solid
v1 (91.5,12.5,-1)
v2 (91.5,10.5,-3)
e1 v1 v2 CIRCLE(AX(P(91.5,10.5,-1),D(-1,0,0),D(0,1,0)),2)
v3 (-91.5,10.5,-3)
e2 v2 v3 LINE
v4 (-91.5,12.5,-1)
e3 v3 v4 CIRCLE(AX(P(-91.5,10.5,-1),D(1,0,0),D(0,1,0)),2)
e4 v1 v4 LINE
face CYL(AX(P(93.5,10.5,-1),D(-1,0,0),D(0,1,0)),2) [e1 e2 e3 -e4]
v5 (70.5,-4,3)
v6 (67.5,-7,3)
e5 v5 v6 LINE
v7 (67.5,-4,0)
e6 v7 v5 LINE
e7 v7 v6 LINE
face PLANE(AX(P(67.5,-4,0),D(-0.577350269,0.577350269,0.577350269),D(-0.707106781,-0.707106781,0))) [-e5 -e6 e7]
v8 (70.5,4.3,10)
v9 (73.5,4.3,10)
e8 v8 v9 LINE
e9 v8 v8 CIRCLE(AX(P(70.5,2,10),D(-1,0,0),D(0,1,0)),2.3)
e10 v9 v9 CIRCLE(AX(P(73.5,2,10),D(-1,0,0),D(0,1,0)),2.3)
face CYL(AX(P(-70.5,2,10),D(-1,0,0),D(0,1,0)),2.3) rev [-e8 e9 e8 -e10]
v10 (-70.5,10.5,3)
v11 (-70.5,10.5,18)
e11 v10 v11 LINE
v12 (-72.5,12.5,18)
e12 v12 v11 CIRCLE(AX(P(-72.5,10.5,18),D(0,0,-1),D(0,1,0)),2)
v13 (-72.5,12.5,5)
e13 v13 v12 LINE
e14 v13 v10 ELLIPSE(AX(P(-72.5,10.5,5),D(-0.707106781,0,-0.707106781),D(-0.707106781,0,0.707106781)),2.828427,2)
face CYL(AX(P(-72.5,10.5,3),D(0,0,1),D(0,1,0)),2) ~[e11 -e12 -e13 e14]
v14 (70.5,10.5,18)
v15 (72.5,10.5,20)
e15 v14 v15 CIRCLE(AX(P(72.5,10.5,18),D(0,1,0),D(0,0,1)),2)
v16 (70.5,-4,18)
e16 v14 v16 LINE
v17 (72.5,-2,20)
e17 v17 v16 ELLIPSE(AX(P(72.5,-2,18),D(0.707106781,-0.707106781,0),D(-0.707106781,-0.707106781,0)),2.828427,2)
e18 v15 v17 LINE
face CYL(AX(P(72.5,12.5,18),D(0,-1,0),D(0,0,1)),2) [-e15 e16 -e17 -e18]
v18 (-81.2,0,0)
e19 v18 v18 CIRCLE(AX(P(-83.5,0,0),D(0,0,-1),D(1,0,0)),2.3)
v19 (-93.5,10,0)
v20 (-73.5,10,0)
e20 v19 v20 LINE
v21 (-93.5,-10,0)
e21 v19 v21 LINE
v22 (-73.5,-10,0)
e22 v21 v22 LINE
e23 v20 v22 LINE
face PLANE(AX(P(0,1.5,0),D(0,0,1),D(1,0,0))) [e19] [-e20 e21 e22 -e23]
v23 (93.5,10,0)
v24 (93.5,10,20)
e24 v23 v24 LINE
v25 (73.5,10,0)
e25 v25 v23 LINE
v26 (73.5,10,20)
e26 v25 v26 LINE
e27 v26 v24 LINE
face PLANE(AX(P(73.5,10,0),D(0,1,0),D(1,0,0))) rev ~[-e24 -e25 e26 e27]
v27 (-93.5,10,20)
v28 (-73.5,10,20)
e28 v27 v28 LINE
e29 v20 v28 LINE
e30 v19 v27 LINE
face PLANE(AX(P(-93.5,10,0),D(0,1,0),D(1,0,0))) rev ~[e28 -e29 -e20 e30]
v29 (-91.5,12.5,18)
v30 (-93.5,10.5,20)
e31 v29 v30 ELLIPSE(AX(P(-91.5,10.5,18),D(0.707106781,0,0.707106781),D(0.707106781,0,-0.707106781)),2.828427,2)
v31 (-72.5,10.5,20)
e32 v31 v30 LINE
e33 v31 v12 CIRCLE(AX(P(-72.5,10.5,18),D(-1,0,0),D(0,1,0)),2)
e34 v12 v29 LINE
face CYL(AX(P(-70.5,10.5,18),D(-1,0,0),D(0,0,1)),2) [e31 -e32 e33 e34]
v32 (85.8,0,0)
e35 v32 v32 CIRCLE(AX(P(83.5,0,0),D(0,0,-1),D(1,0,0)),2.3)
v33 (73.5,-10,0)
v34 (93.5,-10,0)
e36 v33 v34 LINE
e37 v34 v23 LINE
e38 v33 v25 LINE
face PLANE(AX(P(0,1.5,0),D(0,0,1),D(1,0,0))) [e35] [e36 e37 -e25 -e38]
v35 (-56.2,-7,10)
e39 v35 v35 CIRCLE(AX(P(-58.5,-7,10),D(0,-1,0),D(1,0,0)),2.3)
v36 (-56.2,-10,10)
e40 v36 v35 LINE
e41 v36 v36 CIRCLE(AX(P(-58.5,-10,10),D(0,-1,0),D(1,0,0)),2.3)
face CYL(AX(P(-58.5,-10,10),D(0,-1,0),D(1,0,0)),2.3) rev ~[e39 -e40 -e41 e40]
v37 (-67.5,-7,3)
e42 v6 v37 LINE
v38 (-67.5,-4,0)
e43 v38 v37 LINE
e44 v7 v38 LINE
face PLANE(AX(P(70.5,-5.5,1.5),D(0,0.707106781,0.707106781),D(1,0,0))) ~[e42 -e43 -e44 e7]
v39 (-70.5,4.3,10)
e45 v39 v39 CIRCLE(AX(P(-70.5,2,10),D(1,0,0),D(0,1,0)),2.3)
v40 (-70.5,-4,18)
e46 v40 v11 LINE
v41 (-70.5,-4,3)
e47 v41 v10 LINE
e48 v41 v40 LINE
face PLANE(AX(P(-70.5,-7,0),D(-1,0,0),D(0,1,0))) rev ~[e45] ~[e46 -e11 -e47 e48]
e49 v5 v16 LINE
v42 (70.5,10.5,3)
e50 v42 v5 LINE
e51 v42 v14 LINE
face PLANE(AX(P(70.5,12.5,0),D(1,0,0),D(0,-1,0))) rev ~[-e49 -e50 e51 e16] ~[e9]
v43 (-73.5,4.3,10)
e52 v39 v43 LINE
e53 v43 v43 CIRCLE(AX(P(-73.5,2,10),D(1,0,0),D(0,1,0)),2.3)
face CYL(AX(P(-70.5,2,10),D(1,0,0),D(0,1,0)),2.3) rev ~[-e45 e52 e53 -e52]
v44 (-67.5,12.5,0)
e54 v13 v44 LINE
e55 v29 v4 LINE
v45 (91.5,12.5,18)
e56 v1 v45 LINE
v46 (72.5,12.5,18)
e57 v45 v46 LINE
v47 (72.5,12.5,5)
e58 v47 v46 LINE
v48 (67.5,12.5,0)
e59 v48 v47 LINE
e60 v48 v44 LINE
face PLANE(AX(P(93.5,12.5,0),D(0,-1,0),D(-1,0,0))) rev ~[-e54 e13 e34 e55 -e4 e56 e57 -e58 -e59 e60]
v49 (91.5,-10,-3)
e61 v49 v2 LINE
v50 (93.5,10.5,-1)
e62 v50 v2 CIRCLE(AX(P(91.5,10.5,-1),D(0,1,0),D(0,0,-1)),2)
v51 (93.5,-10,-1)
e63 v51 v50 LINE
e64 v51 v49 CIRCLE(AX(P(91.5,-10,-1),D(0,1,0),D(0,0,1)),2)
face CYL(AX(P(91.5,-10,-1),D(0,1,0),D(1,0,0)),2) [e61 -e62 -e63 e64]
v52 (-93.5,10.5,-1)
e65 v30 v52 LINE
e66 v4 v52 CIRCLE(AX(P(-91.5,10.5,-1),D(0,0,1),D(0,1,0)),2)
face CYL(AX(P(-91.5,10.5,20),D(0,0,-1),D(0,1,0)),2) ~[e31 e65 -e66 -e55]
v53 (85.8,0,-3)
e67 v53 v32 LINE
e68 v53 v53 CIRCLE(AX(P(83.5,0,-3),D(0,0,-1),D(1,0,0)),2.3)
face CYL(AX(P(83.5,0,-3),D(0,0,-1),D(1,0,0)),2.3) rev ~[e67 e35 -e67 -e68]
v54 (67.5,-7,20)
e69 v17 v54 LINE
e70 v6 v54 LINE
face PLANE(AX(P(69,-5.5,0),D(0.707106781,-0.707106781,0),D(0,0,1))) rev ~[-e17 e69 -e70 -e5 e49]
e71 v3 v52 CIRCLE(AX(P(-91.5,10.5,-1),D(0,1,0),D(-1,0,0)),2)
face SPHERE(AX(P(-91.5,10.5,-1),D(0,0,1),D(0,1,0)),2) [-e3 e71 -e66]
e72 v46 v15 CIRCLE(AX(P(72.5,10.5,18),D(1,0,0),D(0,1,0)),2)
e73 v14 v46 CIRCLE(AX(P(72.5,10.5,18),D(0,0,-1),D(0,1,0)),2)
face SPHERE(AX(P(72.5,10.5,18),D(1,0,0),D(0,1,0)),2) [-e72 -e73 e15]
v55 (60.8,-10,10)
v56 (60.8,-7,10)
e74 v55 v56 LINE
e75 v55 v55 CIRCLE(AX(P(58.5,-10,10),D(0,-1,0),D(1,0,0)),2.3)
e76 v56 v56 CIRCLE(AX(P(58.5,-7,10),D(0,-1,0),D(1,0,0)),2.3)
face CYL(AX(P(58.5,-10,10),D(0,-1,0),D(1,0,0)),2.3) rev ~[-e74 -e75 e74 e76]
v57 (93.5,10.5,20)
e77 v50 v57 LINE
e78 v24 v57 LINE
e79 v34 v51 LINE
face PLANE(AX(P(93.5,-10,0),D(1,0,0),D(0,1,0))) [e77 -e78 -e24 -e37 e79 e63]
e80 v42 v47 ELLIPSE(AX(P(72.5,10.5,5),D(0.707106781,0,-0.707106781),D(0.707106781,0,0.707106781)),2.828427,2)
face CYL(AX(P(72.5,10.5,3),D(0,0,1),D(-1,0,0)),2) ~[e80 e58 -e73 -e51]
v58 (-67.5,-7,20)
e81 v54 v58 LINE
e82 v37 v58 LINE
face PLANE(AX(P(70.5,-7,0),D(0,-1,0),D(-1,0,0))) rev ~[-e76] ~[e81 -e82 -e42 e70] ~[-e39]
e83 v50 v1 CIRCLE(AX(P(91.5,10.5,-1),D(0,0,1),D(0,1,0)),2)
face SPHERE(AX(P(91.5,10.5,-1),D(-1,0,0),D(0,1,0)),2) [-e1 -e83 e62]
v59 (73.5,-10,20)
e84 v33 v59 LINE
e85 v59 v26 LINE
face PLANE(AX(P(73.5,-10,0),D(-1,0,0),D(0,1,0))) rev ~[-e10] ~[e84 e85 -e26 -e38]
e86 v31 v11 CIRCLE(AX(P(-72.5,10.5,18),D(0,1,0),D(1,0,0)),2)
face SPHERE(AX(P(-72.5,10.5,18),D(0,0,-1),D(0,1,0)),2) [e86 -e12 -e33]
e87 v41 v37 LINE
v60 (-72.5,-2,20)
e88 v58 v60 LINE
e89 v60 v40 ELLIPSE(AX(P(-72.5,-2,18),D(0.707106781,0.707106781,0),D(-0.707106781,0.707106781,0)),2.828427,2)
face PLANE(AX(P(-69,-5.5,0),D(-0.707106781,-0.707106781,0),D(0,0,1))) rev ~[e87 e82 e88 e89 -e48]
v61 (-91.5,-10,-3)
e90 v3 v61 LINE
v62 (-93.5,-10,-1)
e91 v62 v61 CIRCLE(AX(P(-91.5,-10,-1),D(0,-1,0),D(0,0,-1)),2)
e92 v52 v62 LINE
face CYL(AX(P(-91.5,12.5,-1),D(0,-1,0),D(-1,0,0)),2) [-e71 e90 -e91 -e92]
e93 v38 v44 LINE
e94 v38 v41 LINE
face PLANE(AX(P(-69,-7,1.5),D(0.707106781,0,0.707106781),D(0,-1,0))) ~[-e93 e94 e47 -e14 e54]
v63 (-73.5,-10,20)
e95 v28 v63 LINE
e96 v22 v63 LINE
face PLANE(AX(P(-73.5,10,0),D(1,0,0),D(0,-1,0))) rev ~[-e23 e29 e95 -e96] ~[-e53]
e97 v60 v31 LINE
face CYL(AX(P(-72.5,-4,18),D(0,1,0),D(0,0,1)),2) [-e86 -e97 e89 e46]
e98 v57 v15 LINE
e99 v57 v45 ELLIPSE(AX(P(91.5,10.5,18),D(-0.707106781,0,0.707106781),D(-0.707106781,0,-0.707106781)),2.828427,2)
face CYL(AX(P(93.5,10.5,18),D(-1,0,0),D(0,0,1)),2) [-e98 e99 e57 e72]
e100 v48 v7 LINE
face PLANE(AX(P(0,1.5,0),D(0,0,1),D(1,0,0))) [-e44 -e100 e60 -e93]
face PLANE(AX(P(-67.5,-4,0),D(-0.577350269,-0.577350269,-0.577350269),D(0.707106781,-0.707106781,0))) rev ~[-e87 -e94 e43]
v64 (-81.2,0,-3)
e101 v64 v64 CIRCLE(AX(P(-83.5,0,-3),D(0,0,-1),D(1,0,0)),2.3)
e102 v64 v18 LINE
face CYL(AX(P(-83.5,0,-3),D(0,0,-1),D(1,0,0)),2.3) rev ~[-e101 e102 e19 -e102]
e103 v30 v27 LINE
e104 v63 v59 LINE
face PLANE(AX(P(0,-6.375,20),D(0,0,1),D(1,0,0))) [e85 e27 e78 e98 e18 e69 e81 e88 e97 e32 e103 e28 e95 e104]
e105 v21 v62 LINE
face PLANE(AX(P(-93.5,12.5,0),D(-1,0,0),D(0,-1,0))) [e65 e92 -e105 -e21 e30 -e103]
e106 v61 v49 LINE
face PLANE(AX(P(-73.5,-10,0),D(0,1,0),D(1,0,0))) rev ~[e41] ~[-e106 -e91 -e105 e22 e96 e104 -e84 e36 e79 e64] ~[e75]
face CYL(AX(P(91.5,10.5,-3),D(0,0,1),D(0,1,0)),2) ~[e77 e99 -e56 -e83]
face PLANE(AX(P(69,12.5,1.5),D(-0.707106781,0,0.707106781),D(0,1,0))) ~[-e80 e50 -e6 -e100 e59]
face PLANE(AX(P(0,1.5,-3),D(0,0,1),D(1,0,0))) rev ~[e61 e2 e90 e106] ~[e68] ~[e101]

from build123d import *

# Parameters (mm, degrees)
F0_W          = 141
F0_H          = 17
F0_W_2        = 20
F0_H_2        = 20
F0_H_3        = 2.5
F8_DEPTH      = 3
F1_DEPTH      = 20
F9_R          = 2.3
F10_DEPTH     = 3
F2_R          = 2.3
F3_DEPTH      = 164.001
F3_DEPTH_BACK = 23.001
F4_R          = 2.3
F5_DEPTH      = 3
F6_SIZE       = 3
F7_R          = 2


with BuildPart() as f8:
    # F0 (on Top) → F8 (new body)
    with BuildSketch(Plane.XY):
        with Locations((0, 1.5)):
            Rectangle(F0_W, F0_H)
        Polygon((-73.5, -10), (73.5, -10), (73.5, 10), (70.5, 10), (70.5, -7), (-70.5, -7), (-70.5, 10), (-73.5, 10), align=None)
        with Locations((-83.5, 0)):
            Rectangle(F0_W_2, F0_H_2)
        Polygon((-93.5, 10), (-73.5, 10), (-70.5, 10), (-70.5, 12.5), (-93.5, 12.5), align=None)
        with Locations((83.5, 0)):
            Rectangle(F0_W_2, F0_H_2)
        Polygon((73.5, 10), (93.5, 10), (93.5, 12.5), (70.5, 12.5), (70.5, 10), align=None)
        with Locations((0, 11.25)):
            Rectangle(F0_W, F0_H_3)
    extrude(amount=-F8_DEPTH)

    # F0 (on Top) → F1 (join)
    with BuildSketch(Plane.XY):
        Polygon((-73.5, -10), (73.5, -10), (73.5, 10), (70.5, 10), (70.5, -7), (-70.5, -7), (-70.5, 10), (-73.5, 10), align=None)
        Polygon((-93.5, 10), (-73.5, 10), (-70.5, 10), (-70.5, 12.5), (-93.5, 12.5), align=None)
        Polygon((73.5, 10), (93.5, 10), (93.5, 12.5), (70.5, 12.5), (70.5, 10), align=None)
    extrude(amount=F1_DEPTH)

    # F9 (on face) → F10 (cut, through all)
    with BuildSketch(Plane(origin=(0, 0, -3), x_dir=(1, 0, 0), z_dir=(0, 0, -1))):
        with Locations((-83.5, 0)):
            Circle(F9_R)
        with Locations((83.5, 0)):
            Circle(F9_R)
    extrude(amount=-F10_DEPTH, mode=Mode.SUBTRACT)

    # F2 (on face) → F3 (cut, two sides)
    with BuildSketch(Plane.YZ.offset(-70.5)) as f3_sk:
        with Locations((2, 10)):
            Circle(F2_R)
    extrude(amount=F3_DEPTH, mode=Mode.SUBTRACT)
    extrude(f3_sk.sketch, amount=-F3_DEPTH_BACK, mode=Mode.SUBTRACT)

    # F4 (on face) → F5 (cut, through all)
    with BuildSketch(Plane.XZ.offset(10)):
        with Locations((-58.5, 10)):
            Circle(F4_R)
        with Locations((58.5, 10)):
            Circle(F4_R)
    extrude(amount=-F5_DEPTH, mode=Mode.SUBTRACT)

    # F6
    f6_edges = [f8.edges().sort_by_distance(p)[0] for p in [
        (70.5, -7, 10),
        (70.5, 2.75, 0),
        (-70.5, -7, 10),
        (-70.5, 2.75, 0),
        (0, -7, 0),
    ]]
    chamfer(f6_edges, length=F6_SIZE)

    # F7
    f7_edges = [f8.edges().sort_by_distance(p)[0] for p in [
        (-93.5, 12.5, 8.5),
        (-70.5, 12.5, 11.5),
        (0, 12.5, -3),
        (-82, 12.5, 20),
        (82, 12.5, 20),
        (93.5, 12.5, 8.5),
        (70.5, 12.5, 11.5),
        (93.5, 1.25, -3),
        (-93.5, 1.25, -3),
        (-70.5, 4.25, 20),
        (70.5, 4.25, 20),
    ]]
    fillet(f7_edges, radius=F7_R)


solid = f8.part
